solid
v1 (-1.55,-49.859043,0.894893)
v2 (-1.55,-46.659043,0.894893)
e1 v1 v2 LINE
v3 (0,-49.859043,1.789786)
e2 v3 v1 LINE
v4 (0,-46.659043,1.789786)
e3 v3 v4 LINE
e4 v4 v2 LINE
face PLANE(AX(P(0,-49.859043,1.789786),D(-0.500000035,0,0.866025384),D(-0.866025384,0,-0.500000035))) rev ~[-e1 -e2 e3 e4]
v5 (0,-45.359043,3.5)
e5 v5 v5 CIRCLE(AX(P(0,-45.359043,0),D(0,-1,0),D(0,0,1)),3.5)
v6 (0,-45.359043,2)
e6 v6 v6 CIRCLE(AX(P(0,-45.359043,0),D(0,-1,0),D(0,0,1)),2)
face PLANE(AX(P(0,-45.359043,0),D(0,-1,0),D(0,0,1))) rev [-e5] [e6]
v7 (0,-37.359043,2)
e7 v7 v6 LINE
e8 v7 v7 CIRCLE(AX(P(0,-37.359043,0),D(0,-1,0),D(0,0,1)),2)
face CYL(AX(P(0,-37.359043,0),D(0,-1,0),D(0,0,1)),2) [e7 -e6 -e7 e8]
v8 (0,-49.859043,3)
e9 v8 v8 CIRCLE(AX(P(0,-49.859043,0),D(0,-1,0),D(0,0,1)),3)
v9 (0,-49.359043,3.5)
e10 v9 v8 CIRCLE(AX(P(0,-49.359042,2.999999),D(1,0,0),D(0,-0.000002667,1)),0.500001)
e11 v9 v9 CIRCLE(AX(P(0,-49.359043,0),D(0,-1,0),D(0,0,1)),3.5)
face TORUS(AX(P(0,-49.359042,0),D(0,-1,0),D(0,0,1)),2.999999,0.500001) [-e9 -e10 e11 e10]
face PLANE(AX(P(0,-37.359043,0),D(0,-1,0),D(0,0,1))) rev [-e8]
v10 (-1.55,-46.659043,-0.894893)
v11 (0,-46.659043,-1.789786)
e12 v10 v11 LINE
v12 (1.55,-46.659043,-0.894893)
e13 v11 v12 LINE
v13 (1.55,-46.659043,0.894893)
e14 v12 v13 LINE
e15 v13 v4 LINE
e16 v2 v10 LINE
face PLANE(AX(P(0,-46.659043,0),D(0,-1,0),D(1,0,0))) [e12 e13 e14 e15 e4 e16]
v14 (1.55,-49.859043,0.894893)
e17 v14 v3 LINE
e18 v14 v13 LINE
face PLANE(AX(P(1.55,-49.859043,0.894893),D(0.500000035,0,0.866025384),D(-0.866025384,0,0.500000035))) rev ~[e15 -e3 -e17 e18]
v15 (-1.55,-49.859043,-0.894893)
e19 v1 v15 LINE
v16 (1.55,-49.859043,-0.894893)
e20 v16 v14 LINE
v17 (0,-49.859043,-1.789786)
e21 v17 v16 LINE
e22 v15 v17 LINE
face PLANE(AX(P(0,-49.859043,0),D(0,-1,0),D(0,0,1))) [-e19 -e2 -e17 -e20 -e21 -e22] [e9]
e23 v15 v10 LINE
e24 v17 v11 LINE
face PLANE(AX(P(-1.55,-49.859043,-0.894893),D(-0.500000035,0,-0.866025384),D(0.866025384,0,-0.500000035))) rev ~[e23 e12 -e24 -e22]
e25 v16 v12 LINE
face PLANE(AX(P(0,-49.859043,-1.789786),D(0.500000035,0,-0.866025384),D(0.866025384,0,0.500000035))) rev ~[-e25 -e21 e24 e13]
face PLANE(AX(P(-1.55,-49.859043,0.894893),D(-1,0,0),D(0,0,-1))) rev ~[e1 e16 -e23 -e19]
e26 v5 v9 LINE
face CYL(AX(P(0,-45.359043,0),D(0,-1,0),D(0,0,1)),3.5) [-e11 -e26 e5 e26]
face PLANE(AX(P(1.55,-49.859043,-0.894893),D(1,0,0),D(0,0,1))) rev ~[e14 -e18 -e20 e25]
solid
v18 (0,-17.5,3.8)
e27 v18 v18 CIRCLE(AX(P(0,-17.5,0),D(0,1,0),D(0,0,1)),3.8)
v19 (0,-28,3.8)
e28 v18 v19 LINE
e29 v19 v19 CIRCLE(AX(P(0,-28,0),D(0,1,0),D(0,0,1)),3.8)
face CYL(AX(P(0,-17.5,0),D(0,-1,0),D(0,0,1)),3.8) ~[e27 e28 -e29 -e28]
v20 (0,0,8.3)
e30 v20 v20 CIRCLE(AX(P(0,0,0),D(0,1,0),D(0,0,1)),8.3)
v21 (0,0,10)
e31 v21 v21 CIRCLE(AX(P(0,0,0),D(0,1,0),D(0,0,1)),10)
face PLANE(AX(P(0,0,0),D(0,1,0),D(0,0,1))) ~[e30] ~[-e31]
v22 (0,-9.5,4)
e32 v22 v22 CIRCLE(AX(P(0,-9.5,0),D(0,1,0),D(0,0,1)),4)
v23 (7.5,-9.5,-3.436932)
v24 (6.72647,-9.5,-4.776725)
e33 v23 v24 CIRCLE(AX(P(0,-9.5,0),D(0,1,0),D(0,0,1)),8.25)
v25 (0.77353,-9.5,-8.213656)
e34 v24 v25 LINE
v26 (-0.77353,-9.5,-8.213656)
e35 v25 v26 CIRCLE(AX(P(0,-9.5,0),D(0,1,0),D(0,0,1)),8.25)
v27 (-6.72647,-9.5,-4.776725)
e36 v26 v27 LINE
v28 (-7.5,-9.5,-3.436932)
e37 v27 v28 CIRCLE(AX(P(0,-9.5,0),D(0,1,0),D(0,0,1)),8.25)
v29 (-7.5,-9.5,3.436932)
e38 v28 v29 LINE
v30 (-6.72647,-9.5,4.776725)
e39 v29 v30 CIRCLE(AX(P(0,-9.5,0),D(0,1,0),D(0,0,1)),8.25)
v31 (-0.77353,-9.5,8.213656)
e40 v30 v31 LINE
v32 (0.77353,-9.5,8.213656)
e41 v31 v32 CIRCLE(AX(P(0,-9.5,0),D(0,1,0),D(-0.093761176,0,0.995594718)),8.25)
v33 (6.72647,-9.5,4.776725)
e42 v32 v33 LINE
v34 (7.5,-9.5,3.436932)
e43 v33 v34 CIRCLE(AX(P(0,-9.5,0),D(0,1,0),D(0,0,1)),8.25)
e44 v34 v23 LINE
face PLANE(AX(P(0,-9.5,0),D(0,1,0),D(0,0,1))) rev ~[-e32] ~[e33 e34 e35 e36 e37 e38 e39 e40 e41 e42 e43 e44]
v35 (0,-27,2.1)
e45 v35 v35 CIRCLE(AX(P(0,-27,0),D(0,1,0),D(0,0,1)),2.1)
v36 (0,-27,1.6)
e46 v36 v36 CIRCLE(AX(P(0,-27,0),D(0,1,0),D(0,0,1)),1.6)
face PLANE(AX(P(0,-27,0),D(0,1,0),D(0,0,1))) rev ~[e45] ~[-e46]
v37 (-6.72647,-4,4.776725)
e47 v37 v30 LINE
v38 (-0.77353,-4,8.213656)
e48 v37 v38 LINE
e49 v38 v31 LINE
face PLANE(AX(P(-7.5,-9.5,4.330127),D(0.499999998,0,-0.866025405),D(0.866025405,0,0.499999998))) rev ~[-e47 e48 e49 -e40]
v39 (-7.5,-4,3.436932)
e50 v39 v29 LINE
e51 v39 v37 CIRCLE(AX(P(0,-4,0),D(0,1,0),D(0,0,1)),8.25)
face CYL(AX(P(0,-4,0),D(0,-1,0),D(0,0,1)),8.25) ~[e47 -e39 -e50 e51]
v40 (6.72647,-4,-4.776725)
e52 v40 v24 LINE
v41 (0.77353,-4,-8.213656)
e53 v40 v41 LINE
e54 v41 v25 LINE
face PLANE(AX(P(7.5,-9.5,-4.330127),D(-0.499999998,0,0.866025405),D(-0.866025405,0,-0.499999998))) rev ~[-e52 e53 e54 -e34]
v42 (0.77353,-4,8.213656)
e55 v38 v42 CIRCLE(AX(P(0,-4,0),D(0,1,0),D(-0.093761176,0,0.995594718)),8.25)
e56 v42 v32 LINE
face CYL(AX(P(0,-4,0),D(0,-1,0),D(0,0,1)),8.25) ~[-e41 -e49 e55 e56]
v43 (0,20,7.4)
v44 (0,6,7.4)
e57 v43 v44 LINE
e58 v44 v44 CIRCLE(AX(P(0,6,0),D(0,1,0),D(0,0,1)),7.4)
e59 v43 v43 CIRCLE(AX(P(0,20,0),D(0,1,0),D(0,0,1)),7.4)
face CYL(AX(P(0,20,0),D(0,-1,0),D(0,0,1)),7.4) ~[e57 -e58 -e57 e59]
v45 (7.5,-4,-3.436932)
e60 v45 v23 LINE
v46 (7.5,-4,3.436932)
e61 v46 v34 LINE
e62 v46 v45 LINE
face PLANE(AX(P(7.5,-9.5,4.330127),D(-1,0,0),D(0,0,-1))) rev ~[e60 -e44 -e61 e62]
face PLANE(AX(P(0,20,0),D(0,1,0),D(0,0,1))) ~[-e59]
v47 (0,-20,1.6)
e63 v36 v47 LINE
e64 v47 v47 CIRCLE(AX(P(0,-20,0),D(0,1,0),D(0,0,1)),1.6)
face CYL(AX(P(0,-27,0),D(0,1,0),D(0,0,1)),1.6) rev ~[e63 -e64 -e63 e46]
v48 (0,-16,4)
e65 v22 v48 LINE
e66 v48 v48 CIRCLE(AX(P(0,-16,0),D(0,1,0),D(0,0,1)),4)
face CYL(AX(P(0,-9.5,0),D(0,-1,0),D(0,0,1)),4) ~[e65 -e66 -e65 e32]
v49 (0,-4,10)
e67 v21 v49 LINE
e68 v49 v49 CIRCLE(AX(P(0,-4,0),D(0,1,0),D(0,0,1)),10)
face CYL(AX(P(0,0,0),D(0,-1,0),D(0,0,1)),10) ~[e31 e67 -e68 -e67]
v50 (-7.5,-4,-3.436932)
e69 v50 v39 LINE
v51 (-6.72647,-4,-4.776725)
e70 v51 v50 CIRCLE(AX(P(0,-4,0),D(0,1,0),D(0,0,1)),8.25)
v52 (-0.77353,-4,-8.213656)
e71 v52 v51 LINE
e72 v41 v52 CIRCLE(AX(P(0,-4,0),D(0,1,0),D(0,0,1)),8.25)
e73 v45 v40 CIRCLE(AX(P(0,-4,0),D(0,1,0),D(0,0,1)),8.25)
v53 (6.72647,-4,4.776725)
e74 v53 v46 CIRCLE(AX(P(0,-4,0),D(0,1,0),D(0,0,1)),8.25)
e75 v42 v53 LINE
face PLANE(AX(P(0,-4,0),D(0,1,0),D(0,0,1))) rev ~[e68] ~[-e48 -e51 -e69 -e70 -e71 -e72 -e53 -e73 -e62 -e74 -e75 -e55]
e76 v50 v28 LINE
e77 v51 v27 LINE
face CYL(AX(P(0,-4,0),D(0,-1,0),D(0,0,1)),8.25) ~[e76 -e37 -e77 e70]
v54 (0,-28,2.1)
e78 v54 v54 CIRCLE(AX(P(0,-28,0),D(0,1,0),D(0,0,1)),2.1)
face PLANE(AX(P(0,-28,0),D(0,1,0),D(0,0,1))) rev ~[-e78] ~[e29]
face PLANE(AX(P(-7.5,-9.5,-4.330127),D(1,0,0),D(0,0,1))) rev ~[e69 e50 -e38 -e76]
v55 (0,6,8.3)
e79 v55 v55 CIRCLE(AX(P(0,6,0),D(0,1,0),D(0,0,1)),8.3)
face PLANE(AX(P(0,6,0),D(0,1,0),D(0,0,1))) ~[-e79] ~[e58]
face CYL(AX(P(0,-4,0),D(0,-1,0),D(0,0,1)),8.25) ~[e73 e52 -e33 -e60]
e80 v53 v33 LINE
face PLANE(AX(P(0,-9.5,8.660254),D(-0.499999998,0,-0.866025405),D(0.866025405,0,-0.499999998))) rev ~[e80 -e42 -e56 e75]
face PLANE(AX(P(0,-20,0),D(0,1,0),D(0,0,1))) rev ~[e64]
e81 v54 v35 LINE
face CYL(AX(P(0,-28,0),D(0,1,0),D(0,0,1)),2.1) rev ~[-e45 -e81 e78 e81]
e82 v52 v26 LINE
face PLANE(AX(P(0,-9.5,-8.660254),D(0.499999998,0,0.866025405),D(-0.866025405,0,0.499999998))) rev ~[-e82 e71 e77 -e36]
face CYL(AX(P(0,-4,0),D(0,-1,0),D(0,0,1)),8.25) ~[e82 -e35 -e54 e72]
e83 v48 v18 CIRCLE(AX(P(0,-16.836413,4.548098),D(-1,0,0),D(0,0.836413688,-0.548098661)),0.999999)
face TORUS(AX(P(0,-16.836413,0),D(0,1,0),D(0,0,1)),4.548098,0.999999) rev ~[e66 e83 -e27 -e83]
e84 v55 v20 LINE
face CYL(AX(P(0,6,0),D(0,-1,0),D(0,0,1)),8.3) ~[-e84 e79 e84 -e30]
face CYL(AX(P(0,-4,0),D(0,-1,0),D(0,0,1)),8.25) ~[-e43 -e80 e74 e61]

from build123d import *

# Parameters (mm, degrees)
F2_R     = 10
F3_DEPTH = 5.5
F7_DEPTH = 3.2


with BuildPart() as f1:
    # F0 (on Right) → F1 (revolve)
    with BuildSketch(Plane.YZ):
        with BuildLine():
            Line((-20, 0), (20, 0))
            Line((20, 0), (20, 7.4))
            Line((20, 7.4), (6, 7.4))
            Line((6, 7.4), (6, 8.3))
            Line((6, 8.3), (0, 8.3))
            Line((0, 8.3), (0, 10))
            Line((0, 10), (-4, 10))
            Line((-4, 10), (-4, 8.25))
            Line((-4, 8.25), (-9.5, 8.25))
            Line((-9.5, 8.25), (-9.5, 4))
            Line((-9.5, 4), (-16, 4))
            ThreePointArc((-16, 4), (-16.70425, 3.556871), (-17.5, 3.8))
            Line((-17.5, 3.8), (-28, 3.8))
            Line((-28, 3.8), (-28, 2.1))
            Line((-28, 2.1), (-27, 2.1))
            Line((-27, 2.1), (-27, 1.6))
            Line((-27, 1.6), (-20, 1.6))
            Line((-20, 1.6), (-20, 0))
        make_face()
    revolve(axis=Axis((0, 1.715032, 0), (0, 1, 0)))

    # F2 (on face) → F3 (cut, through all)
    with BuildSketch(Plane.XZ.offset(9.5)):
        Circle(F2_R)
        Polygon((0, 8.660254), (7.5, 4.330127), (7.5, -4.330127), (0, -8.660254), (-7.5, -4.330127), (-7.5, 4.330127), align=None, mode=Mode.SUBTRACT)
    extrude(amount=-F3_DEPTH, mode=Mode.SUBTRACT)


with BuildPart() as f5:
    # F4 (on Right) → F5 (revolve)
    with BuildSketch(Plane.YZ):
        with BuildLine():
            Line((-49.859043, 0), (-37.359043, 0))
            Line((-37.359043, 0), (-37.359043, 2))
            Line((-37.359043, 2), (-45.359043, 2))
            Line((-45.359043, 2), (-45.359043, 3.5))
            Line((-45.359043, 3.5), (-49.359043, 3.5))
            ThreePointArc((-49.359043, 3.5), (-49.712596, 3.353553), (-49.859043, 3))
            Line((-49.859043, 3), (-49.859043, 0))
        make_face()
    revolve(axis=Axis((0, -45.271234, 0), (0, -1, 0)))

    # F6 (on face) → F7 (cut)
    with BuildSketch(Plane.XZ.offset(49.859043)):
        Polygon((1.55, -0.894893), (1.55, 0.894893), (0, 1.789786), (-1.55, 0.894893), (-1.55, -0.894893), (0, -1.789786), align=None)
    extrude(amount=-F7_DEPTH, mode=Mode.SUBTRACT)


solid = Compound([f1.part, f5.part])
